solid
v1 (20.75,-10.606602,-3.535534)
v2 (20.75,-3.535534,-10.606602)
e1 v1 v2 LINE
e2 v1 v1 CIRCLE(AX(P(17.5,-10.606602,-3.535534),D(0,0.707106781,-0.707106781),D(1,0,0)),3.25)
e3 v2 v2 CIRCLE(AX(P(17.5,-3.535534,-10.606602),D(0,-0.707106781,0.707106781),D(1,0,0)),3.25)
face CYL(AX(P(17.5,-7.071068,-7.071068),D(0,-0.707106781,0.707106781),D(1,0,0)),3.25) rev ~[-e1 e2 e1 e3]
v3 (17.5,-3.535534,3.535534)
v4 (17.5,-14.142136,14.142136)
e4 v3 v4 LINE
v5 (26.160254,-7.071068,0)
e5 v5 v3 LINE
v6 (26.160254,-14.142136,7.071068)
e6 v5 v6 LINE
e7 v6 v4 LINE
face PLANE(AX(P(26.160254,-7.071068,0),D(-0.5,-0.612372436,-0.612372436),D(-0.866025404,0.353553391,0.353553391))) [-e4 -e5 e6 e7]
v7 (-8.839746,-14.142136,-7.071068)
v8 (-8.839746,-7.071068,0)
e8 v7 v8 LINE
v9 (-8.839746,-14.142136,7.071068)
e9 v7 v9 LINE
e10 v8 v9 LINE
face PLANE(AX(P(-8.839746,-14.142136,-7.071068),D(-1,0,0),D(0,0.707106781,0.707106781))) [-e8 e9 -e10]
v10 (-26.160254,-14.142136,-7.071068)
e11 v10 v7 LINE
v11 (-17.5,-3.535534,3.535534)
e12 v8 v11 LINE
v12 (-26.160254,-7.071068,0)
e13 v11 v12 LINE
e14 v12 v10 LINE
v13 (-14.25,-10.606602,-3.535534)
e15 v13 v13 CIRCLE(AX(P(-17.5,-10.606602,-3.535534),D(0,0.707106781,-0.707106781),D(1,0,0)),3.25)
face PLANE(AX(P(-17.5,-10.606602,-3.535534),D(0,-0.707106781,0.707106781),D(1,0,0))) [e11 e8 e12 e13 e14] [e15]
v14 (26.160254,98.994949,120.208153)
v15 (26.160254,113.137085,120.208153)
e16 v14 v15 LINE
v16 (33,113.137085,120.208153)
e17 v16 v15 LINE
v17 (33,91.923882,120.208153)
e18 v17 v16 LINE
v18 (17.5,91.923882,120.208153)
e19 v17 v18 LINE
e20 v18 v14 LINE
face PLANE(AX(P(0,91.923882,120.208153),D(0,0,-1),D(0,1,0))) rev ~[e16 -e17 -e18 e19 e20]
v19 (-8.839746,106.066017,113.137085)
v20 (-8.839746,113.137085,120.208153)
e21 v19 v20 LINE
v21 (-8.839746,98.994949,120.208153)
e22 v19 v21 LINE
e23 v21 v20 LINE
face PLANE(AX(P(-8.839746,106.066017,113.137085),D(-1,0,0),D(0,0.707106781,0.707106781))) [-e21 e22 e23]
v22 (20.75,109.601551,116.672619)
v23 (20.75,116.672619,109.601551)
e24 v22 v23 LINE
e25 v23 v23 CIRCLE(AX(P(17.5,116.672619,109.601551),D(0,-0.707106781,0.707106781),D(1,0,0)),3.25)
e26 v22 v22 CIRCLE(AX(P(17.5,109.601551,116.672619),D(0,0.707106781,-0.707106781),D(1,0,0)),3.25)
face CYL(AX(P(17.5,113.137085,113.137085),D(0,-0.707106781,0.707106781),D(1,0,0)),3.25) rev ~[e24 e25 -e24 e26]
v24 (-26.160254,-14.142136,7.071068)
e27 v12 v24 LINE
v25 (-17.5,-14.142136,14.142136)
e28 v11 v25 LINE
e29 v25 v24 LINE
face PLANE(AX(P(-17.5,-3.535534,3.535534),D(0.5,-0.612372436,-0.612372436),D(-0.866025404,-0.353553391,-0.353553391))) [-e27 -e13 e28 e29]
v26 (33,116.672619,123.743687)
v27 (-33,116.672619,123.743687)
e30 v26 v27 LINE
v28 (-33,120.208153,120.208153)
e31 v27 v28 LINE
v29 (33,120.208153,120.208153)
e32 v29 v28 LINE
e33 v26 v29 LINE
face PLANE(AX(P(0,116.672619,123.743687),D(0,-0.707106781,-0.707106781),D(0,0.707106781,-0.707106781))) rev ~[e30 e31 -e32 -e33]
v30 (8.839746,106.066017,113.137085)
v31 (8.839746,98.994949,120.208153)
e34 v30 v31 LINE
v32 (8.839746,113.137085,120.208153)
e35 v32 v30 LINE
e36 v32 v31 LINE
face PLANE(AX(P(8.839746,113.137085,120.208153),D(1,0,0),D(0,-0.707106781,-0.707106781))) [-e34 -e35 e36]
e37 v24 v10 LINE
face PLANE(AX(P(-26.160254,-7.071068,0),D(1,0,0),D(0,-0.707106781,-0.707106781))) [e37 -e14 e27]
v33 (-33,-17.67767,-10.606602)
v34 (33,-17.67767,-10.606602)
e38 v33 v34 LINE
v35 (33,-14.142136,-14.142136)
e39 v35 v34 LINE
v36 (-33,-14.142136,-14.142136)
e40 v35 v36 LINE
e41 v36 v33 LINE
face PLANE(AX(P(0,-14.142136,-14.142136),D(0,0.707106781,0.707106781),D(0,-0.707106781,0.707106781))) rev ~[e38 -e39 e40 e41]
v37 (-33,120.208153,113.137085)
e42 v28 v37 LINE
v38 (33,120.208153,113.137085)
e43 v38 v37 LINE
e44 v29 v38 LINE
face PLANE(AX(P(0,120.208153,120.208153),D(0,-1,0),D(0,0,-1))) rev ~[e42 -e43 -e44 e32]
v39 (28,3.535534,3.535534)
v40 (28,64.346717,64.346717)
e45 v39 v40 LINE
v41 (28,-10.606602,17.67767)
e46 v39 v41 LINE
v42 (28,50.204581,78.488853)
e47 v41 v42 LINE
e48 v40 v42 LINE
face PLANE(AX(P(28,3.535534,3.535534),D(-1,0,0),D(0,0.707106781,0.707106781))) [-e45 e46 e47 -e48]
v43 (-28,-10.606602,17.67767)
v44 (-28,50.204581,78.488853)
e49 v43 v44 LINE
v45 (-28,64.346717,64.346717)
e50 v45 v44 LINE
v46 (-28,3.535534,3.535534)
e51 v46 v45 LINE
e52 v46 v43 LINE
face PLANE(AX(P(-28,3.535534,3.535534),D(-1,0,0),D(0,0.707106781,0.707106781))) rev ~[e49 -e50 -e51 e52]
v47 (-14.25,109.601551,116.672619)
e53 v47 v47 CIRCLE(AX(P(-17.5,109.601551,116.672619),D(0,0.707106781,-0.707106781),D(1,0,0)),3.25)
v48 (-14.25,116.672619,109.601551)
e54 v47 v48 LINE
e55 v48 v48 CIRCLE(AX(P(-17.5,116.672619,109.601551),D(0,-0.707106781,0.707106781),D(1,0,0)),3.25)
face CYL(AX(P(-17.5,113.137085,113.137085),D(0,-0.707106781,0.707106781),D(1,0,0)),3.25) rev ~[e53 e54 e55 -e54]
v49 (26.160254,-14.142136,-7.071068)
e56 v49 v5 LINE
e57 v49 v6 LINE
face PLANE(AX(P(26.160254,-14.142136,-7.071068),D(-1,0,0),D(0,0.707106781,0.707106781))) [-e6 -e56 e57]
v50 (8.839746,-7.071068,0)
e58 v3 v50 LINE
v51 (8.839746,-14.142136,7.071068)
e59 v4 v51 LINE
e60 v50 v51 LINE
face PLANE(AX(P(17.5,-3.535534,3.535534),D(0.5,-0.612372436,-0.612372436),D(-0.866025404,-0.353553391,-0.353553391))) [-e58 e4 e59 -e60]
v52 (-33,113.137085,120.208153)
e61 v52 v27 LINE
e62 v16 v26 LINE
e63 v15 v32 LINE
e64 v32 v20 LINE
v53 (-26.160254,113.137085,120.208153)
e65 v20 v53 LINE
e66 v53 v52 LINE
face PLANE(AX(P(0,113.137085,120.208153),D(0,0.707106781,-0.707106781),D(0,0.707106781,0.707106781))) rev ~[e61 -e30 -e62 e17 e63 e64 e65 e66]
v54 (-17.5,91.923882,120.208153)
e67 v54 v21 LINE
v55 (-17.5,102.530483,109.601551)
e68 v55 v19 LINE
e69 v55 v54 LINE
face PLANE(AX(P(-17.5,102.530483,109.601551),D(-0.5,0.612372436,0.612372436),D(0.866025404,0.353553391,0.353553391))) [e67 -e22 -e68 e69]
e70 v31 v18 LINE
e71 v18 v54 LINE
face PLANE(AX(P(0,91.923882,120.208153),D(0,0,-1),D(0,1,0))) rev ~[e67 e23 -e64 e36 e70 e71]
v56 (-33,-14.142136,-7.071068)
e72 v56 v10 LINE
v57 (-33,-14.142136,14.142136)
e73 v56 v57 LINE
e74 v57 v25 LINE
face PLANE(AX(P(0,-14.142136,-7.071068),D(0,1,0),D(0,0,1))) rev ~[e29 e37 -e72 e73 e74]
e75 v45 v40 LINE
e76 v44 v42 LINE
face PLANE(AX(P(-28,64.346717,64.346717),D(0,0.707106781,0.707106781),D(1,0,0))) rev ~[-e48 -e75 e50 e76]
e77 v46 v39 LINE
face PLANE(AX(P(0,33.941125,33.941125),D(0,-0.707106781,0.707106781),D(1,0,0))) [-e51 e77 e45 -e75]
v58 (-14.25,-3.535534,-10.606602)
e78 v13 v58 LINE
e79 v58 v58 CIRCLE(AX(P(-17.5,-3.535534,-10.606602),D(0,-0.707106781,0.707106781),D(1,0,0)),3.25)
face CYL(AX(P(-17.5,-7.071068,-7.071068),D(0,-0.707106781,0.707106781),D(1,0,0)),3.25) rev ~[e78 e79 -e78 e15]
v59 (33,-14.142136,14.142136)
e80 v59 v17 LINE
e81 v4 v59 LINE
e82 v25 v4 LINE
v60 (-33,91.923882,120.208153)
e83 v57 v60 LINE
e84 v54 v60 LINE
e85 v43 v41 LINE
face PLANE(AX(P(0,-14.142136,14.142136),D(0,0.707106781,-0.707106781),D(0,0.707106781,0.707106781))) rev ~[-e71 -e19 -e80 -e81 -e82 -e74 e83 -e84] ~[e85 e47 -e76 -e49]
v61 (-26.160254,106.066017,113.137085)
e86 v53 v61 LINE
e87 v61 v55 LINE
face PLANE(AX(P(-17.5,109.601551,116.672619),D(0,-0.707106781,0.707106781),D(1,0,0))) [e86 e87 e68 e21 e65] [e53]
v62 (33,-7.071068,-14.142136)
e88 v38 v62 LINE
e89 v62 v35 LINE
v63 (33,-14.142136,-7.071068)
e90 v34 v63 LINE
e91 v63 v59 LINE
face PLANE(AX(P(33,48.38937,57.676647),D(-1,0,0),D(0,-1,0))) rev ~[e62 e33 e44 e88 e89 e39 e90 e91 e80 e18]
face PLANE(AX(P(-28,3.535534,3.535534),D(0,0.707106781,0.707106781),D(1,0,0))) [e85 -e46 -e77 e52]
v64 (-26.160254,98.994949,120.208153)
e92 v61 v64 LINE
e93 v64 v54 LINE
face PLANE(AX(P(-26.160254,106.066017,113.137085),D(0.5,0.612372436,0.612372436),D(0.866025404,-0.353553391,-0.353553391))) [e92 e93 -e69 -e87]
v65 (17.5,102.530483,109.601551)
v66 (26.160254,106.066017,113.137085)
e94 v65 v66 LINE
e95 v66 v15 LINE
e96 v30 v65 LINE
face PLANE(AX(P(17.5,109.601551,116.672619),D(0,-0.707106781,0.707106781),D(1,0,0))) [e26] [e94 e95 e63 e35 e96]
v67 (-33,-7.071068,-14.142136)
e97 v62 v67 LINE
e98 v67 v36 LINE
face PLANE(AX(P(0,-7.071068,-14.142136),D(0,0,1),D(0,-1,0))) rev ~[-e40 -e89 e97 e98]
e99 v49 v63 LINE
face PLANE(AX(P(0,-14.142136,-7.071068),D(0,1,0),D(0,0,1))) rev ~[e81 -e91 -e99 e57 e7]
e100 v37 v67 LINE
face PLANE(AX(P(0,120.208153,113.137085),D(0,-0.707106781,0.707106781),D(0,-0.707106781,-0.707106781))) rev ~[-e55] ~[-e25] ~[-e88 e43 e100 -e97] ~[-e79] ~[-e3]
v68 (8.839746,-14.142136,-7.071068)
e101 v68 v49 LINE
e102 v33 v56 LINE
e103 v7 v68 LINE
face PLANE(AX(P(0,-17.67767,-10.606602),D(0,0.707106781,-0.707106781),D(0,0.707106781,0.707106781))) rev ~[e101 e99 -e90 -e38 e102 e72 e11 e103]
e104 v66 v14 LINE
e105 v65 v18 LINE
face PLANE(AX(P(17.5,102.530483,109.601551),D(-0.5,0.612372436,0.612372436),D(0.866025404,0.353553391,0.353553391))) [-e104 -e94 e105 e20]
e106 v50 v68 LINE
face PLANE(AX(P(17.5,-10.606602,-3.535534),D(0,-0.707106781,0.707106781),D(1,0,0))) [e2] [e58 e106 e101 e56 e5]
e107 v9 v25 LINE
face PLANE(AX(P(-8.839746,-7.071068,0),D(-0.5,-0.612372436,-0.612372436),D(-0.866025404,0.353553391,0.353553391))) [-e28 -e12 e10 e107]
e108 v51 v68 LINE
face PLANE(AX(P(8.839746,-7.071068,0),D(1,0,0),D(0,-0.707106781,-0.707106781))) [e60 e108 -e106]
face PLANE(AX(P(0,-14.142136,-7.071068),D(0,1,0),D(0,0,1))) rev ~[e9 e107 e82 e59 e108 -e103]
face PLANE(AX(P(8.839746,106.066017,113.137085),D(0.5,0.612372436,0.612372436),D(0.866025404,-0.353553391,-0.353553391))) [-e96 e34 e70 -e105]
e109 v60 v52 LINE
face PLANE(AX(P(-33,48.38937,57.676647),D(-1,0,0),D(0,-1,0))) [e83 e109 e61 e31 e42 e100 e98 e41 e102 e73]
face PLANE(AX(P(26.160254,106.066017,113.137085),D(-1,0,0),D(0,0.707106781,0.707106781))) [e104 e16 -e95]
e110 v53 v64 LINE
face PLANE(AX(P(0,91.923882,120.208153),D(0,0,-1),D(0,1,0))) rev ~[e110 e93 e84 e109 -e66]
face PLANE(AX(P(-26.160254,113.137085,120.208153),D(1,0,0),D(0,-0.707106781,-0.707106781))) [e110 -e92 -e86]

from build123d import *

# Parameters (mm, degrees)
PAD_DEPTH            = 33
SKETCH001_W          = 56
SKETCH001_H          = 86
POCKET_DEPTH         = 100.001
SKETCH003_R          = 3.25
POCKET001_DEPTH      = 95.001
POCKET001_DEPTH_BACK = 100.001
POCKET002_DEPTH      = 95.001


with BuildPart() as part:
    # Sketch002 → Pad (new body, symmetric)
    with BuildSketch(Plane.YZ):
        Polygon((-14.1421356237, 14.1421356237), (91.9238815543, 120.2081528017), (113.1370849898, 120.2081528017), (116.6726188958, 123.7436867076), (120.2081528017, 120.2081528017), (120.2081528017, 113.1370849898), (-7.0710678119, -14.1421356237), (-14.1421356237, -14.1421356237), (-17.6776695297, -10.6066017178), (-14.1421356237, -7.0710678119), align=None)
    extrude(amount=PAD_DEPTH, both=True)

    # Sketch001 (on DatumPlane) → Pocket (cut, through all)
    with BuildSketch(Plane(origin=(0, 0, 0), x_dir=(1, 0, 0), z_dir=(0, -0.7071067812, 0.7071067812))):
        with Locations((0, 48)):
            Rectangle(SKETCH001_W, SKETCH001_H)
    extrude(amount=POCKET_DEPTH, mode=Mode.SUBTRACT)

    # Sketch003 (on DatumPlane) → Pocket001 (cut, two sides)
    with BuildSketch(Plane(origin=(0, 0, 0), x_dir=(1, 0, 0), z_dir=(0, -0.7071067812, 0.7071067812))) as pocket001_sk:
        with Locations((-17.5, 160)):
            Circle(SKETCH003_R)
        with Locations((17.5, 160)):
            Circle(SKETCH003_R)
        with Locations((-17.5, -10)):
            Circle(SKETCH003_R)
        with Locations((17.5, -10)):
            Circle(SKETCH003_R)
    extrude(amount=-POCKET001_DEPTH, mode=Mode.SUBTRACT)
    extrude(pocket001_sk.sketch, amount=POCKET001_DEPTH_BACK, mode=Mode.SUBTRACT)

    # Sketch004 (on DatumPlane) → Pocket002 (cut, through all)
    with BuildSketch(Plane(origin=(0, -3.5355339059, 3.5355339059), x_dir=(1, 0, 0), z_dir=(0, -0.7071067812, 0.7071067812))):
        Polygon((-17.5, 170), (-26.1602540378, 165), (-26.1602540378, 155), (-17.5, 150), (-8.8397459622, 155), (-8.8397459622, 165), align=None)
        Polygon((17.5, 170), (8.8397459622, 165), (8.8397459622, 155), (17.5, 150), (26.1602540378, 155), (26.1602540378, 165), align=None)
        Polygon((17.5, 0), (8.8397459622, -5), (8.8397459622, -15), (17.5, -20), (26.1602540378, -15), (26.1602540378, -5), align=None)
        Polygon((-17.5, 0), (-26.1602540378, -5), (-26.1602540378, -15), (-17.5, -20), (-8.8397459622, -15), (-8.8397459622, -5), align=None)
    extrude(amount=POCKET002_DEPTH, mode=Mode.SUBTRACT)


solid = part.part
